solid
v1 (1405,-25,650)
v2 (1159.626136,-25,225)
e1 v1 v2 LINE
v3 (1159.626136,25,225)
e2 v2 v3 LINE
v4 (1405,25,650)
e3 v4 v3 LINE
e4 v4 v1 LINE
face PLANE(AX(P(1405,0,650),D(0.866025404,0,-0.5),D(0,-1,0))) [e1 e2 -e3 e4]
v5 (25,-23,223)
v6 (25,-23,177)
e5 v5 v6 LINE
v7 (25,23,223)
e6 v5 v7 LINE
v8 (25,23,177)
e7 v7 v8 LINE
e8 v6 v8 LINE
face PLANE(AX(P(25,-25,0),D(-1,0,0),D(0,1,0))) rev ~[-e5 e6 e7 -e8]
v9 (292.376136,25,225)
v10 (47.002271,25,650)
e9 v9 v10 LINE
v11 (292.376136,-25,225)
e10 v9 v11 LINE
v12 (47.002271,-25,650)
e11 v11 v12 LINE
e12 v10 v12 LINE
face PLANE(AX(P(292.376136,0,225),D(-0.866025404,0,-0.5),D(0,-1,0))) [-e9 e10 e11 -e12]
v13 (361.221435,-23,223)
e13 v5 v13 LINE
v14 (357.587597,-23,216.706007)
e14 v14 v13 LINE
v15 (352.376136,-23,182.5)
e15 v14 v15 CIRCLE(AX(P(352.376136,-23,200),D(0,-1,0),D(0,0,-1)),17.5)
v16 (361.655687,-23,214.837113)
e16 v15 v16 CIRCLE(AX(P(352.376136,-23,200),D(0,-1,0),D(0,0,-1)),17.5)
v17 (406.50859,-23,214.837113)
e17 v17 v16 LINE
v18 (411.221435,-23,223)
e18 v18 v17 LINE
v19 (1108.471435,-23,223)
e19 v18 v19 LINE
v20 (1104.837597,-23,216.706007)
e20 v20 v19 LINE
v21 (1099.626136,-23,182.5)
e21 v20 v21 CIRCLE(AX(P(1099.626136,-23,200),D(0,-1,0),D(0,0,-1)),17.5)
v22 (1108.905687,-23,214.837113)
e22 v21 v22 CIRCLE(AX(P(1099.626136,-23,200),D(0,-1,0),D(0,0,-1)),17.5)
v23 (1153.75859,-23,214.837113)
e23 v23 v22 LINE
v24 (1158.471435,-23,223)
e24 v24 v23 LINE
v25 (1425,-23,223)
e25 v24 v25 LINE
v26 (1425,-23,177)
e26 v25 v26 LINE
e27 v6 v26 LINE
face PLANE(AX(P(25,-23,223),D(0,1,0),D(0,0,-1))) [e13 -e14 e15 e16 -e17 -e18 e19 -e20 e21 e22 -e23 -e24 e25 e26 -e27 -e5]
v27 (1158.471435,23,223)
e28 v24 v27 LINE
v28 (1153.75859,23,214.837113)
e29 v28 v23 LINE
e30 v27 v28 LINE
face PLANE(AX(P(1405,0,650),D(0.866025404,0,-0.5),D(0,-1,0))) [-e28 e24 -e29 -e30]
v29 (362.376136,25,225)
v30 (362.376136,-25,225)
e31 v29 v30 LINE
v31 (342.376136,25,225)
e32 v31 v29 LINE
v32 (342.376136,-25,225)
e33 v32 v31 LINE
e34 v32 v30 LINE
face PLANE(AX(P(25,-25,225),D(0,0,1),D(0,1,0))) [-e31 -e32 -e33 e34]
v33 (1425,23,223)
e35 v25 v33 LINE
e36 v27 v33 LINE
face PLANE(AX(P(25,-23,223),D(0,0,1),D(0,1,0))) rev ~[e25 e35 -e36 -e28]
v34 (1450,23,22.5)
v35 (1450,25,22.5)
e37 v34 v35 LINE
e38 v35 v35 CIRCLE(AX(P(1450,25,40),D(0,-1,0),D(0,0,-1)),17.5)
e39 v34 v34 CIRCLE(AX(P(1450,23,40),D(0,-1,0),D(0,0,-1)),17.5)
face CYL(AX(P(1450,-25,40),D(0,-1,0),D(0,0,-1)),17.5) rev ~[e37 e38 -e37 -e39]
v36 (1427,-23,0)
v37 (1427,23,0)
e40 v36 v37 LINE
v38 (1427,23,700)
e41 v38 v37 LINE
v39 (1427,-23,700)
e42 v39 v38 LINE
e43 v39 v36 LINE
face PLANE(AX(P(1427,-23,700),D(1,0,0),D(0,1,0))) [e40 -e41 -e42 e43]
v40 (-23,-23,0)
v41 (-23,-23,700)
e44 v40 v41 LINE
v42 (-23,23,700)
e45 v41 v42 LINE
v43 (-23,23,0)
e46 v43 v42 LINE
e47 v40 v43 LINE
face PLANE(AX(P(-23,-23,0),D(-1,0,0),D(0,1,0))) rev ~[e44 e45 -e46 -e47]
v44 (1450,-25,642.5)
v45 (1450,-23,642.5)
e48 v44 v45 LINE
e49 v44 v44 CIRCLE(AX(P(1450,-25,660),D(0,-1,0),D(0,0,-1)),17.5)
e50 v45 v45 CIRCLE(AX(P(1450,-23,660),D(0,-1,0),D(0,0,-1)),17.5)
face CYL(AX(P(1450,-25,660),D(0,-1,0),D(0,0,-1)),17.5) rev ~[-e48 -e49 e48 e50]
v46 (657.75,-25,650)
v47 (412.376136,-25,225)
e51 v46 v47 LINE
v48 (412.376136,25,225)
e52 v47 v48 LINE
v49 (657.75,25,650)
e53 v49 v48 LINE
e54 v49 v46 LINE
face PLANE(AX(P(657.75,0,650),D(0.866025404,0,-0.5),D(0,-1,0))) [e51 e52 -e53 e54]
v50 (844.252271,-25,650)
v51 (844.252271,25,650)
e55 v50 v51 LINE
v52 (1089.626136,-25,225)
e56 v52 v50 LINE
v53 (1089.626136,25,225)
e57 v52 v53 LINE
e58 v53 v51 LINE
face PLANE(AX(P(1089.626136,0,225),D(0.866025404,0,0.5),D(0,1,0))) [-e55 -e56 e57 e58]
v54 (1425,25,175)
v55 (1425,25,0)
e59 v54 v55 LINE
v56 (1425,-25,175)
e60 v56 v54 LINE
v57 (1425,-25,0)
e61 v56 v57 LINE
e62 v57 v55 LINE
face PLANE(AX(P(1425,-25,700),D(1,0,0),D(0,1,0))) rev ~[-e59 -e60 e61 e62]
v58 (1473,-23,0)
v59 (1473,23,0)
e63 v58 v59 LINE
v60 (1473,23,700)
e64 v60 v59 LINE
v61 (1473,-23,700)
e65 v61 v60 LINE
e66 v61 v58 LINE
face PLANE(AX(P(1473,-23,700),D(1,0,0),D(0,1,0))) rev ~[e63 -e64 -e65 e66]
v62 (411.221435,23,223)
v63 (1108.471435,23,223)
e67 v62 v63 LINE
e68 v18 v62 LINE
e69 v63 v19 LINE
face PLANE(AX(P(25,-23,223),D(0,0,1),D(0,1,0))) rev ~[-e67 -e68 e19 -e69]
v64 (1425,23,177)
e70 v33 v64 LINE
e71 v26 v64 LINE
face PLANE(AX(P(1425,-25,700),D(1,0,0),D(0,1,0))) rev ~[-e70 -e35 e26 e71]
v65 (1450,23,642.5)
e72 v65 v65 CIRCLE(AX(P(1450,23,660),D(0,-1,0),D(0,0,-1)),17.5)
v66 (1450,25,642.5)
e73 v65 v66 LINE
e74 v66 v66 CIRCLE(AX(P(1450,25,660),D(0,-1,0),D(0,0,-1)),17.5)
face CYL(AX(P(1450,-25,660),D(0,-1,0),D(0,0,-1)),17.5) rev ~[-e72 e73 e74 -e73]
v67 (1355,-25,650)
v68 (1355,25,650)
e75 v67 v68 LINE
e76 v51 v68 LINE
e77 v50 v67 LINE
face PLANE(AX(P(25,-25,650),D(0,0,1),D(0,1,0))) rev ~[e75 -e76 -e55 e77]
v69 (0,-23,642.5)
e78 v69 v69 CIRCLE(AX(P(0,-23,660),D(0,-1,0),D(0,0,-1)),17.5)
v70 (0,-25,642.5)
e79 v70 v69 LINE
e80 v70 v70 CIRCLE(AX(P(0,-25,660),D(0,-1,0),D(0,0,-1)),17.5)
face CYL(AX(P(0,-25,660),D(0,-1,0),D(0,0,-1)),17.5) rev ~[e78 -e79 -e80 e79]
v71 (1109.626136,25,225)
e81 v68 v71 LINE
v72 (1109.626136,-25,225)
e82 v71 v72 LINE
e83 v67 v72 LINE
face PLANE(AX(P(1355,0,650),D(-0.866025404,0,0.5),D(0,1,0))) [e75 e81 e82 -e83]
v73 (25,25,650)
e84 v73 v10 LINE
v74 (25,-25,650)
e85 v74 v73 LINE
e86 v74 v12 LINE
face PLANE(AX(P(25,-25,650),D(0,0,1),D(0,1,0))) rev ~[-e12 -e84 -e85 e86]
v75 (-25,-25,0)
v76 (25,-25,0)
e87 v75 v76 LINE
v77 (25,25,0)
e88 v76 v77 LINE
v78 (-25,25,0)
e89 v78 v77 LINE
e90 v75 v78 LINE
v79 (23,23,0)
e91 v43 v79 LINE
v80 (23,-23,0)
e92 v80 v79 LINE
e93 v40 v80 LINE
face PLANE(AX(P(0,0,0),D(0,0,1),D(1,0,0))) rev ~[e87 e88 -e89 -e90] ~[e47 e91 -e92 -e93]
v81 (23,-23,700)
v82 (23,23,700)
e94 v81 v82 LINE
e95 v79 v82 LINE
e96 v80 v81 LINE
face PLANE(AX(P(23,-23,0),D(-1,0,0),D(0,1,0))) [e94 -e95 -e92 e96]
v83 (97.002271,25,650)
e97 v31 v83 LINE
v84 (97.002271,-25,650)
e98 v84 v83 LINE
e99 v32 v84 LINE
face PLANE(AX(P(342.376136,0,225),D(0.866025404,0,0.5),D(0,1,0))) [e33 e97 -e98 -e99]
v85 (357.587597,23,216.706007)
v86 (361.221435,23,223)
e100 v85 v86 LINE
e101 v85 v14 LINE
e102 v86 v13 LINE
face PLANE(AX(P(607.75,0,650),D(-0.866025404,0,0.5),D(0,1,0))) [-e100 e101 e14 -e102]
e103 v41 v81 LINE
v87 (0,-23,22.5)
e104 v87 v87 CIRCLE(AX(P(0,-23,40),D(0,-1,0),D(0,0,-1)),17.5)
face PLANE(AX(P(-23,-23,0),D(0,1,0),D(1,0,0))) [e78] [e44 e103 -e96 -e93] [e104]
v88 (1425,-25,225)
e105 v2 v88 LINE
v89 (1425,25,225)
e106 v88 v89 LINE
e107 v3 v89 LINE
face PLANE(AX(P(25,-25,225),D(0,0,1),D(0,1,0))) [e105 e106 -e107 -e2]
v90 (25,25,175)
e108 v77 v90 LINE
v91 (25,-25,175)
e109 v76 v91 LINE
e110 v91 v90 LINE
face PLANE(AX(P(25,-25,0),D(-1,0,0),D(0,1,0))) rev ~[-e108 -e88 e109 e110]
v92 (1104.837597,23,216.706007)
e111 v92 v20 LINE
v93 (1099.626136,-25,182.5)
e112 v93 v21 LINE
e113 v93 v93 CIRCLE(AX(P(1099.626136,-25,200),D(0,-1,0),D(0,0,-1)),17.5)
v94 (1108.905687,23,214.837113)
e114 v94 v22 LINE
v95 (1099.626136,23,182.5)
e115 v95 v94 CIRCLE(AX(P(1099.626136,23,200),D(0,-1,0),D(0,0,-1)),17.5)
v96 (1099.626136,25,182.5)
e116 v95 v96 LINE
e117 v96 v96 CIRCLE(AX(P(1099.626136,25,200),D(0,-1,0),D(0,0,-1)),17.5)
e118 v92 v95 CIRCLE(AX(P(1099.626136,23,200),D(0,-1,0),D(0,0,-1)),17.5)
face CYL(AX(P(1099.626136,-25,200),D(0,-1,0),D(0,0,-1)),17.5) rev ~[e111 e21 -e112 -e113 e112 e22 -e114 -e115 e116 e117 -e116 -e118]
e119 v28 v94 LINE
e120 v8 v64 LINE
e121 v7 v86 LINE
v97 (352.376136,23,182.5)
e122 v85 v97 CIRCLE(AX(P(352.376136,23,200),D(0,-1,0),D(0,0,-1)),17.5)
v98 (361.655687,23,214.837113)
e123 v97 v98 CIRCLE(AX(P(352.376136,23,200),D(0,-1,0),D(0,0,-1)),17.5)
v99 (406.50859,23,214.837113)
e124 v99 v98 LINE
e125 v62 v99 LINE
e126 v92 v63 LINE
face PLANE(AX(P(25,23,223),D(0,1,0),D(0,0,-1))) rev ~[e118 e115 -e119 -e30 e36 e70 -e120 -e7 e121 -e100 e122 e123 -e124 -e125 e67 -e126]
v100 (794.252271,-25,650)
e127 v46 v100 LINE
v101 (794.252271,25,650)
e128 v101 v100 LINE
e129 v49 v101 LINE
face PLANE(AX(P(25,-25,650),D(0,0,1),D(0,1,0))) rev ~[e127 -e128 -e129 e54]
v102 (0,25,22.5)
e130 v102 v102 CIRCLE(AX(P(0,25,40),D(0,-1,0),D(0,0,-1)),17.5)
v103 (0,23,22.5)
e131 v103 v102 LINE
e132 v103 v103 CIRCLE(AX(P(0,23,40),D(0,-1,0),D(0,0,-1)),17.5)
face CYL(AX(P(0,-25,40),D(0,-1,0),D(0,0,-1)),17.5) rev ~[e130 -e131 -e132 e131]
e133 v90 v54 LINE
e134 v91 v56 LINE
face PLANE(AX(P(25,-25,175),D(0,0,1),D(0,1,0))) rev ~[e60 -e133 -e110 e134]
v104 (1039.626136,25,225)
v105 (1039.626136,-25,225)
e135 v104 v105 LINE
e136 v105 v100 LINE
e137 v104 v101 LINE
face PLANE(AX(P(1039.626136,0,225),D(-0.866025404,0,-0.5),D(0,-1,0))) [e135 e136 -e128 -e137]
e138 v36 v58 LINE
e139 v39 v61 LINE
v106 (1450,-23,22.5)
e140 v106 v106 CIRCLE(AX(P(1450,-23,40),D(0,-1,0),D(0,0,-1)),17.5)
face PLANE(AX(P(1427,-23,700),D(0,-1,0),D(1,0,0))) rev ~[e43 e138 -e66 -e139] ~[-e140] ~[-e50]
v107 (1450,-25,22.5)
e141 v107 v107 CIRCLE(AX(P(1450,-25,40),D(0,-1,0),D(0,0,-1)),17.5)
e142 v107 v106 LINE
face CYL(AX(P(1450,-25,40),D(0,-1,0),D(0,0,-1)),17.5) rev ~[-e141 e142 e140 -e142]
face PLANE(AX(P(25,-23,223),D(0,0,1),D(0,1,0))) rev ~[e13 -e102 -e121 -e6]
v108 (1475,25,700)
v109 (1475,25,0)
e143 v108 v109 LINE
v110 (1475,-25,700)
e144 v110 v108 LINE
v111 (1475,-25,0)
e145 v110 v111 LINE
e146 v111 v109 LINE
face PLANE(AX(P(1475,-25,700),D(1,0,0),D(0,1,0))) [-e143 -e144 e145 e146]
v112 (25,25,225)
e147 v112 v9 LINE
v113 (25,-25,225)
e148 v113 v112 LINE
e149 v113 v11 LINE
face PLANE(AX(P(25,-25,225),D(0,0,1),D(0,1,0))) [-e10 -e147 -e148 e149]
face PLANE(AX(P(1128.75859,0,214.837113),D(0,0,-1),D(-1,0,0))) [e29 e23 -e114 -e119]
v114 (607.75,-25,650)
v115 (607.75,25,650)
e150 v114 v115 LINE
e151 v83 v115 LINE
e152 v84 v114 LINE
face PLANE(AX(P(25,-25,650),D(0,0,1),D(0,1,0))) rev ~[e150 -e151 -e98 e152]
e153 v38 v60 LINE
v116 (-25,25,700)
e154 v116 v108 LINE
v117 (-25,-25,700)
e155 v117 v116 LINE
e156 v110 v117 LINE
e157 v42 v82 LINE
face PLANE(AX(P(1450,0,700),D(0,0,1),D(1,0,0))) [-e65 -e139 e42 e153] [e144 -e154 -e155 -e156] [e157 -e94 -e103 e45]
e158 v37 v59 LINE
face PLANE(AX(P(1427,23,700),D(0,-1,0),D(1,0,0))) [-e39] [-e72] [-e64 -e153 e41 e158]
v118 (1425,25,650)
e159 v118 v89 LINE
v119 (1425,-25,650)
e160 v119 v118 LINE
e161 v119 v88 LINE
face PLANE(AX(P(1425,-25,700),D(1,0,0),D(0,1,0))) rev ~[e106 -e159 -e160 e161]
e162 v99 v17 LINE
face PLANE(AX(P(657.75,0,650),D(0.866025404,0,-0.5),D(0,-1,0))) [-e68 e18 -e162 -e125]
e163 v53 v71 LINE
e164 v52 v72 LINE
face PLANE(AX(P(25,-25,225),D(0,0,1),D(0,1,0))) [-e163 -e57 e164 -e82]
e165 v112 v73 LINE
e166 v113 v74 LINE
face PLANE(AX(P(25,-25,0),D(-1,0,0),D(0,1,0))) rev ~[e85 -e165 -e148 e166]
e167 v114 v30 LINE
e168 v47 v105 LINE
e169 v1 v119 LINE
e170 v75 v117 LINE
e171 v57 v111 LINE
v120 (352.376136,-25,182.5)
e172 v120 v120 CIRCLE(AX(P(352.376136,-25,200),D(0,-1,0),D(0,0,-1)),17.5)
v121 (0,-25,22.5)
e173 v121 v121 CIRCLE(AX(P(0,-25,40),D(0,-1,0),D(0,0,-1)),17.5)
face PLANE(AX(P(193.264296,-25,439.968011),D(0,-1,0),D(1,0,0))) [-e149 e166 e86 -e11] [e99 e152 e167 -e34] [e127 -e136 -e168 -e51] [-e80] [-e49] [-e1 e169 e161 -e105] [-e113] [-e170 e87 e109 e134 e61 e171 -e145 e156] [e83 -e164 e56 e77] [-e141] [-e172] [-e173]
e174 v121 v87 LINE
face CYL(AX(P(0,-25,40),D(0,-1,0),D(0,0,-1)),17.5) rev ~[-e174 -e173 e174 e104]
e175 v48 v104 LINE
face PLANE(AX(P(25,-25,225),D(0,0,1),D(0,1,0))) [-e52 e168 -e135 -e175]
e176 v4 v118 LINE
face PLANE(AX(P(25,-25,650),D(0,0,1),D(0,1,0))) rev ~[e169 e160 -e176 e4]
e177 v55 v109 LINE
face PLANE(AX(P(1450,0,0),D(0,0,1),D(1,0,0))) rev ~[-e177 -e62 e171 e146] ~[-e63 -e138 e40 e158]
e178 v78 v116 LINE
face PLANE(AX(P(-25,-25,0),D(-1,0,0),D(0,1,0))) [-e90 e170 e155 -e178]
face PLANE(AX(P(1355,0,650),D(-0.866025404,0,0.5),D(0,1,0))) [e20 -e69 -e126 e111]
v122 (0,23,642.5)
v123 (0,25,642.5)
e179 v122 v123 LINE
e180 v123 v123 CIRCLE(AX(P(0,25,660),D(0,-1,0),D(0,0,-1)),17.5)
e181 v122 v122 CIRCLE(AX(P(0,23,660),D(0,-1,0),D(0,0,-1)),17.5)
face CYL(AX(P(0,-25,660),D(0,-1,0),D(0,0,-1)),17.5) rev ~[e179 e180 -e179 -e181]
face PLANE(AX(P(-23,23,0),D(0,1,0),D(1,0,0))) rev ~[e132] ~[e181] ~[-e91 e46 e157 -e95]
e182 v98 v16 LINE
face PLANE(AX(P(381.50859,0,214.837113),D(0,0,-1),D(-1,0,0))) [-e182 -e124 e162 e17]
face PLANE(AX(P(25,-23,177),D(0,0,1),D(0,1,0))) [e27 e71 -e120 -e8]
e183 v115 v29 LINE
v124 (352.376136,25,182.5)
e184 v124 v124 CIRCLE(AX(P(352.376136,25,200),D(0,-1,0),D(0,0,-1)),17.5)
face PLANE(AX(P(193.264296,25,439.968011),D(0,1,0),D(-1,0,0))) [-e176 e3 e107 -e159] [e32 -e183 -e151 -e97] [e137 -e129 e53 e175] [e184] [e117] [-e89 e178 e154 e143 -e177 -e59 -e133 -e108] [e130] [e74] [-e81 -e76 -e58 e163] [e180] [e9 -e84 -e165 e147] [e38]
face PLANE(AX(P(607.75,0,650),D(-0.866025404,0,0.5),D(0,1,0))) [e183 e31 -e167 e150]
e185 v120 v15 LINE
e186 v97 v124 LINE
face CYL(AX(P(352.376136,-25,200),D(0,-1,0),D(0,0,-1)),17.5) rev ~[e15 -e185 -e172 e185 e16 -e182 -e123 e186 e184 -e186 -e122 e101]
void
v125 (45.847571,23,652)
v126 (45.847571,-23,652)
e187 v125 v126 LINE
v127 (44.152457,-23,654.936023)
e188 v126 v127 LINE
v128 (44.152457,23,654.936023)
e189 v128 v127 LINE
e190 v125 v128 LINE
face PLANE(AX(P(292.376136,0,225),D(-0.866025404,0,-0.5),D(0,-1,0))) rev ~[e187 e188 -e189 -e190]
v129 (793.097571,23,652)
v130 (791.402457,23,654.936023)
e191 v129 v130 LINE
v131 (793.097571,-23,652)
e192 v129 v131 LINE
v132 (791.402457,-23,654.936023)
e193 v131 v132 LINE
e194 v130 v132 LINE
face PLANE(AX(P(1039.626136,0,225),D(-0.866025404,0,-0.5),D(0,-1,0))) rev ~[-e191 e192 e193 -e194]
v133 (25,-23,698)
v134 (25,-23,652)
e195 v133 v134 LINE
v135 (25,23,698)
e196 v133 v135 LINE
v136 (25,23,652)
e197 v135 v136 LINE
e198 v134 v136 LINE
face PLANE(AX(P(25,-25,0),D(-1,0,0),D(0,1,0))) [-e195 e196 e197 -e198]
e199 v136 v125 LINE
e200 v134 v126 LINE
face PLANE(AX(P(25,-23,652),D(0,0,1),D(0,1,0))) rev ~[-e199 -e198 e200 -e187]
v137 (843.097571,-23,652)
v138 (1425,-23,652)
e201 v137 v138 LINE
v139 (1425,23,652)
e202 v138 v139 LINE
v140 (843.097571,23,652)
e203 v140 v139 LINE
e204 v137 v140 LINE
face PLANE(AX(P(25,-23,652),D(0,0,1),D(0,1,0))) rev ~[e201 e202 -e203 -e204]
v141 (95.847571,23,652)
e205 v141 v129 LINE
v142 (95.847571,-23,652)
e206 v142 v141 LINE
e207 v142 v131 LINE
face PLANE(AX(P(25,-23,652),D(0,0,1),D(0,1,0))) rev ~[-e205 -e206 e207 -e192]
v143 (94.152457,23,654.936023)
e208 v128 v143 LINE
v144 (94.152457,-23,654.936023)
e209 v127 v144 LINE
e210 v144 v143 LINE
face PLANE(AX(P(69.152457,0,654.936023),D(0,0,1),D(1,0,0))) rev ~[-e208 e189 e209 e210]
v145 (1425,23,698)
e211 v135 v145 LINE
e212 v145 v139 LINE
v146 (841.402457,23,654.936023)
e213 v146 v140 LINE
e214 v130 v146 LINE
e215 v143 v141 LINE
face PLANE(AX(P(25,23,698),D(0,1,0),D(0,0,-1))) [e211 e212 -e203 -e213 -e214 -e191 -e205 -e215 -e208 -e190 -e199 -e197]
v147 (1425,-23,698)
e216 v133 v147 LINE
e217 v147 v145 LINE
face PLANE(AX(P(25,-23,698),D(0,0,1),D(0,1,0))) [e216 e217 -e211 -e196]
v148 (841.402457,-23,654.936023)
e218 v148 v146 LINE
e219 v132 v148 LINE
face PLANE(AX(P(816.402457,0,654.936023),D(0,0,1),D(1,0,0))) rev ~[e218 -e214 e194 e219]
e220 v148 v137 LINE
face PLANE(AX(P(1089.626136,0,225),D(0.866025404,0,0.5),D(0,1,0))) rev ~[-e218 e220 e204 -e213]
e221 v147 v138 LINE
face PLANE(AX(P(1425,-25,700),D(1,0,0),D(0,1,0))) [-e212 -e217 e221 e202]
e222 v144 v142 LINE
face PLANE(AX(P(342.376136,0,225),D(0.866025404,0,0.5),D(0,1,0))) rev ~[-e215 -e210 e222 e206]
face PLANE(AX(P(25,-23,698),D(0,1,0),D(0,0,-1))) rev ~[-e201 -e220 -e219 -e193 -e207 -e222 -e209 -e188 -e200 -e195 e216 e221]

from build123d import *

# Parameters (mm, degrees)
SKETCH1_W           = 50
SKETCH1_H           = 50
SKETCH1_W_2         = 46
SKETCH1_H_2         = 46
EXTRUDE_THIN1_DEPTH = 700
SKETCH2_W           = 50
SKETCH2_H           = 50
SKETCH2_W_2         = 46
SKETCH2_H_2         = 46
BOSS_EXTRUDE1_DEPTH = 1400
SKETCH4_W           = 50
SKETCH4_H           = 50
SKETCH4_W_2         = 46
SKETCH4_H_2         = 46
EXTRUDE_THIN7_DEPTH = 700
SKETCH6_W           = 50
SKETCH6_H           = 50
SKETCH6_W_2         = 46
SKETCH6_H_2         = 46
BOSS_EXTRUDE2_DEPTH = 1400
SKETCH7_W           = 50
SKETCH7_H           = 50
SKETCH11_W          = 50
SKETCH11_H          = 50
LPATTERN1_COUNT     = 2
LPATTERN1_PITCH     = 747.25
SKETCH17_R          = 17.5
CUT_EXTRUDE1_DEPTH  = 1634.439622392
SKETCH18_R          = 17.5
CUT_EXTRUDE2_DEPTH  = 1634.439622392


with BuildPart() as part:
    # Sketch1 → Extrude-Thin1 (new body)
    with BuildSketch(Plane.XY):
        Rectangle(SKETCH1_W, SKETCH1_H)
        Rectangle(SKETCH1_W_2, SKETCH1_H_2, mode=Mode.SUBTRACT)
    extrude(amount=EXTRUDE_THIN1_DEPTH)

    # Sketch2 → Boss-Extrude1 (add)
    with BuildSketch(Plane(origin=(25, 0, 0), x_dir=(0, 0, -1), z_dir=(1, 0, 0))):
        with Locations((-675, 0)):
            Rectangle(SKETCH2_W, SKETCH2_H)
        with Locations((-675, 0)):
            Rectangle(SKETCH2_W_2, SKETCH2_H_2, mode=Mode.SUBTRACT)
    extrude(amount=BOSS_EXTRUDE1_DEPTH)

    # Sketch4 → Extrude-Thin7 (add)
    with BuildSketch(Plane.XY.offset(700)):
        with Locations((1450, 0)):
            Rectangle(SKETCH4_W, SKETCH4_H)
        with Locations((1450, 0)):
            Rectangle(SKETCH4_W_2, SKETCH4_H_2, mode=Mode.SUBTRACT)
    extrude(amount=-EXTRUDE_THIN7_DEPTH)

    # Sketch6 → Boss-Extrude2 (add)
    with BuildSketch(Plane(origin=(25, 0, 0), x_dir=(0, 0, -1), z_dir=(1, 0, 0))):
        with Locations((-200, 0)):
            Rectangle(SKETCH6_W, SKETCH6_H)
        with Locations((-200, 0)):
            Rectangle(SKETCH6_W_2, SKETCH6_H_2, mode=Mode.SUBTRACT)
    extrude(amount=BOSS_EXTRUDE2_DEPTH)

    # Sweep1: sweep along a path in Sketch10
    with BuildLine(Plane(origin=(753.54174377, 0, -435.057528611), x_dir=(0, 1, 0), z_dir=(-0.8660254037844416, 0, 0.49999999999999495))) as sweep1_path:
        Line((-5.323086145, -1252.91651246), (-5.323086145, -750.433692418))
    # Sketch7 → Sweep1 (sweep)
    with BuildSketch(Plane(origin=(0, 0, 650), x_dir=(-1, 0, 0), z_dir=(0, 0, -1))):
        with Locations((-1380, 0)):
            Rectangle(SKETCH7_W, SKETCH7_H)
    sweep1 = sweep(path=sweep1_path.line)

    # Sweep2: sweep along a path in Sketch12
    with BuildLine(Plane(origin=(895.897459622, 0, 517.246639479), x_dir=(0, -1, 0), z_dir=(-0.8660254037844416, 0, -0.49999999999999495))) as sweep2_path:
        Line((0, -337.457351946), (0, 158.99000514))
    # Sketch11 → Sweep2 (sweep)
    with BuildSketch(Plane.XY.offset(225)):
        with Locations((1064.626135594, 0)):
            Rectangle(SKETCH11_W, SKETCH11_H)
    sweep2 = sweep(path=sweep2_path.line)

    # LPattern1: Sweep1, Sweep2 ×2
    with Locations(*[(-i * LPATTERN1_PITCH, 0, 0) for i in range(1, LPATTERN1_COUNT)]):
        add(sweep1)
        add(sweep2)

    # Sketch17 → Cut-Extrude1 (cut, through all)
    with BuildSketch(Plane.XZ.offset(25)):
        with Locations(Location((0, 660, 0), (0, 0, 270))):
            Circle(SKETCH17_R)
        with Locations(Location((0, 40, 0), (0, 0, 270))):
            Circle(SKETCH17_R)
        with Locations(Location((1450, 40, 0), (0, 0, 270))):
            Circle(SKETCH17_R)
        with Locations(Location((1450, 660, 0), (0, 0, 270))):
            Circle(SKETCH17_R)
    extrude(amount=-CUT_EXTRUDE1_DEPTH, mode=Mode.SUBTRACT)

    # Sketch18 → Cut-Extrude2 (cut, through all)
    with BuildSketch(Plane.XZ.offset(25)):
        with Locations(Location((352.376135594, 200, 0), (0, 0, 270))):
            Circle(SKETCH18_R)
        with Locations(Location((1099.626135594, 200, 0), (0, 0, 270))):
            Circle(SKETCH18_R)
    extrude(amount=-CUT_EXTRUDE2_DEPTH, mode=Mode.SUBTRACT)


solid = part.part
